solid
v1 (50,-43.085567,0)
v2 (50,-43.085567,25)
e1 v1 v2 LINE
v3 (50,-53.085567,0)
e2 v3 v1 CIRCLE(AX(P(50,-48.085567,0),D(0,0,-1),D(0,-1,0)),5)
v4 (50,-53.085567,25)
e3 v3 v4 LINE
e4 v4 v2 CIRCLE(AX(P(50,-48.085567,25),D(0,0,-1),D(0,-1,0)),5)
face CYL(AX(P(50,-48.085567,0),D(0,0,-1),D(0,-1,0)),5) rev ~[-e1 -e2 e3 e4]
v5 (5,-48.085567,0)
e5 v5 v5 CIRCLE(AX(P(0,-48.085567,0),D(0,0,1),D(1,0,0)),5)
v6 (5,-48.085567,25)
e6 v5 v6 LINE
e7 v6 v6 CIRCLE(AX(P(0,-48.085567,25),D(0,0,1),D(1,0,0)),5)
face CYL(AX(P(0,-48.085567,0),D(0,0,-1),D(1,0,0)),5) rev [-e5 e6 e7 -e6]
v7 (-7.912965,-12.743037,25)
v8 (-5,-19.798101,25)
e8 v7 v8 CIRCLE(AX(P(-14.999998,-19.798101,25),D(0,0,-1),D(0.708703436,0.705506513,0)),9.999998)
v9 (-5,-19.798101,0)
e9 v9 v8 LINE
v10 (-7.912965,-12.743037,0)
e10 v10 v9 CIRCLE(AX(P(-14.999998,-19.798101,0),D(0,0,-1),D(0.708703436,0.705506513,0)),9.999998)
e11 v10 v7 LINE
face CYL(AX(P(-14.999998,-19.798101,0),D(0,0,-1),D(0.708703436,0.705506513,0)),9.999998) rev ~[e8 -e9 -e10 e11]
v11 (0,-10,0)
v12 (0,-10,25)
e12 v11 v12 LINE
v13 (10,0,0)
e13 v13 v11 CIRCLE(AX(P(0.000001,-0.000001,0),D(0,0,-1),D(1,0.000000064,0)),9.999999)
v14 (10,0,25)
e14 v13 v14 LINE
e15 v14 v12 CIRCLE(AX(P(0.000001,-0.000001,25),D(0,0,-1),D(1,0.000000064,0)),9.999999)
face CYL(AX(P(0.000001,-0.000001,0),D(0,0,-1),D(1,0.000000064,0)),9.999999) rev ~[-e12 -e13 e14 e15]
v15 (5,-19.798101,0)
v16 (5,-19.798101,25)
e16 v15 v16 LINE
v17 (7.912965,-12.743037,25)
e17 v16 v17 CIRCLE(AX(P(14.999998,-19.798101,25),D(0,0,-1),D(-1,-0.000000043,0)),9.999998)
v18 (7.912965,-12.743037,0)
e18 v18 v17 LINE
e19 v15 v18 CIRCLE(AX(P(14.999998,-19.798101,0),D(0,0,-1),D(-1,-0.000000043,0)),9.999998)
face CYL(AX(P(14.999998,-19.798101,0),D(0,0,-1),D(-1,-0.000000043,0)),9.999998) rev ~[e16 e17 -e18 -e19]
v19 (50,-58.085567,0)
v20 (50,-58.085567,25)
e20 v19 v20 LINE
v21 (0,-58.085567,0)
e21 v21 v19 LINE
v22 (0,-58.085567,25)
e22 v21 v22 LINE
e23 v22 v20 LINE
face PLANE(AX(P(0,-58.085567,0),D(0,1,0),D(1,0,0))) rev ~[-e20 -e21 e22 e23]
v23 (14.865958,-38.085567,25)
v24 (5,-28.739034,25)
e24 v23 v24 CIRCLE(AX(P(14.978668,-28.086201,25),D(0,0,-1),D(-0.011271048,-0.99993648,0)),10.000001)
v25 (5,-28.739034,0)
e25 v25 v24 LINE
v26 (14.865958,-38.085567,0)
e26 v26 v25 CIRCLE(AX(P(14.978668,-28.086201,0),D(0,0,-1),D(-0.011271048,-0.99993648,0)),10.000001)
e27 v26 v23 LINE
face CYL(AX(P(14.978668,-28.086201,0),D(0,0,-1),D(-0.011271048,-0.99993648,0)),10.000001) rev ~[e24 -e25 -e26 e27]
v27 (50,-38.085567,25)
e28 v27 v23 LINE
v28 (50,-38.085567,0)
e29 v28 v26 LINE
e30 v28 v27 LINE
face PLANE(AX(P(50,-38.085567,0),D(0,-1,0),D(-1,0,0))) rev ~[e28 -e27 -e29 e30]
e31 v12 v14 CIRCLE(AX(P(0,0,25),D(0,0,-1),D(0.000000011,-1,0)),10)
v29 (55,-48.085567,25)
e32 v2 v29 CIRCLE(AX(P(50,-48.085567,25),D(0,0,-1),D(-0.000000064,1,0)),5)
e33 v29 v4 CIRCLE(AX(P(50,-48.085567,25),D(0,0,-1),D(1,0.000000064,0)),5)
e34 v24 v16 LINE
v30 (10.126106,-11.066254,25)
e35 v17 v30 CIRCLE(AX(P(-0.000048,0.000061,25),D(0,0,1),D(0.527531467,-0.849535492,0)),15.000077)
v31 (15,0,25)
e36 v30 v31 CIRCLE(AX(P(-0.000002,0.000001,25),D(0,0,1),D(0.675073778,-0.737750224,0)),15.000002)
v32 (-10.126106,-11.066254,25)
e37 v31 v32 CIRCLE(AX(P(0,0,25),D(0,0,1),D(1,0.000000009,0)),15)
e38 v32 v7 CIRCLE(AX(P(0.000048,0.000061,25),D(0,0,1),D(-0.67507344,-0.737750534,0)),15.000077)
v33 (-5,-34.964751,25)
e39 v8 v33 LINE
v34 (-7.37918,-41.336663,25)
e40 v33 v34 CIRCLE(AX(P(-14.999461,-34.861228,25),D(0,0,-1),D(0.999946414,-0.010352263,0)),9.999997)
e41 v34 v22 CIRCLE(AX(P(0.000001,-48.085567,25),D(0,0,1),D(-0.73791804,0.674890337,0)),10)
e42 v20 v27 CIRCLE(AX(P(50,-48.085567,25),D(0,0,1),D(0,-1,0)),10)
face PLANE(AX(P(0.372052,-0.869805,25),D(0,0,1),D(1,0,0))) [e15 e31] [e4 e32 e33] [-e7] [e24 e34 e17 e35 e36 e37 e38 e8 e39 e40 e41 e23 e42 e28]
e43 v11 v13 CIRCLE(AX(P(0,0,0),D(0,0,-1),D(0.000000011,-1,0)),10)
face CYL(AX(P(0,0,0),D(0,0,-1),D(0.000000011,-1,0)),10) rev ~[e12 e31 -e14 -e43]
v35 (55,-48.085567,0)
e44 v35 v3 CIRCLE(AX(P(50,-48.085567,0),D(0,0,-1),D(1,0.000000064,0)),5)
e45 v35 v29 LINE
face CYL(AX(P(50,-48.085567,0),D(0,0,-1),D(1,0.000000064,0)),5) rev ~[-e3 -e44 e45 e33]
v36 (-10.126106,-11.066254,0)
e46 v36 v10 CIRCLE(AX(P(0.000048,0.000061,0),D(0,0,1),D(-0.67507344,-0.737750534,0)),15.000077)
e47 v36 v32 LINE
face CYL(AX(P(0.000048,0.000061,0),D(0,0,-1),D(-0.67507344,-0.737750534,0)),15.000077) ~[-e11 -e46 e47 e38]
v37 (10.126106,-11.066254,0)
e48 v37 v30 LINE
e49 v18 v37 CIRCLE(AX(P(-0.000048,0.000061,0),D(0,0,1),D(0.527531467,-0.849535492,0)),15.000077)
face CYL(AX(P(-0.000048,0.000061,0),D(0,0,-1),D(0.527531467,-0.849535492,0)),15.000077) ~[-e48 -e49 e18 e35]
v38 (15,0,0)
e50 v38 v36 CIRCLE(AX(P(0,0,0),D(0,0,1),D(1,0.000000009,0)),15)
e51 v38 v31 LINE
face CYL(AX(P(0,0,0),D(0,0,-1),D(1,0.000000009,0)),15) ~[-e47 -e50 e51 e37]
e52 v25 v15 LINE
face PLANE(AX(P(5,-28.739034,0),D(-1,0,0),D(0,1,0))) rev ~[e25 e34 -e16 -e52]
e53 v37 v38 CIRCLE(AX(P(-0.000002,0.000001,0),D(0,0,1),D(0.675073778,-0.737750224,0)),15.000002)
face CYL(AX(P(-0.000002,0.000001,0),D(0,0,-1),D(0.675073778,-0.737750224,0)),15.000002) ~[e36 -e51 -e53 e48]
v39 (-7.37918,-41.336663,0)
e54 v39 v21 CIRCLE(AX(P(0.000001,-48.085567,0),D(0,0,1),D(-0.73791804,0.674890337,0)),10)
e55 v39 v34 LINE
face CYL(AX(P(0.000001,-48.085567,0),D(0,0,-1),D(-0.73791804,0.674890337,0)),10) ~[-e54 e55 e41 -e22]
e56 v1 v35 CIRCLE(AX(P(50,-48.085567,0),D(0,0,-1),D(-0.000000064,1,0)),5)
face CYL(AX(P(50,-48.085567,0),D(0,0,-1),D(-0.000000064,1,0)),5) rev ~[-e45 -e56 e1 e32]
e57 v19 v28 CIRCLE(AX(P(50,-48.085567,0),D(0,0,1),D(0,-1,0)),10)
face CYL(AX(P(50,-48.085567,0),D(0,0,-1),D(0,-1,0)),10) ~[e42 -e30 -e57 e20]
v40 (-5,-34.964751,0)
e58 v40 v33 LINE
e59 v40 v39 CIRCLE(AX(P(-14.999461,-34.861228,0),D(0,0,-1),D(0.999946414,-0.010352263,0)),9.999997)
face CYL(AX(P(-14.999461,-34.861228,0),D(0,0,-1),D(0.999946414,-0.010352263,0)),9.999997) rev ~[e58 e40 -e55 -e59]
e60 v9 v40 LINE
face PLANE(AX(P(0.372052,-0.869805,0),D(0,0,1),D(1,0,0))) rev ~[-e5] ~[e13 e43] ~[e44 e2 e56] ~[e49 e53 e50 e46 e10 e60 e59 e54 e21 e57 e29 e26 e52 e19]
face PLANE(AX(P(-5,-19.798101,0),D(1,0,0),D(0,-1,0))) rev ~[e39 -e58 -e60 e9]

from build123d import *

# Parameters (mm, degrees)
F0_R     = 5
F1_DEPTH = 25


with BuildPart() as f1:
    # F0 (on Top) → F1 (new body)
    with BuildSketch(Plane.XY):
        with BuildLine():
            ThreePointArc((-5, -14.142136), (-2.53653, -14.783978), (0, -15))
            ThreePointArc((0, -15), (2.53653, -14.783978), (5, -14.142136))
            ThreePointArc((5, -14.142136), (6.49427, -13.52126), (7.912965, -12.743037))
            ThreePointArc((7.912965, -12.743037), (8.961055, -11.827459), (10.126106, -11.066254))
            ThreePointArc((10.126106, -11.066254), (13.727556, -6.046007), (15, 0))
            ThreePointArc((15, 0), (-6.046007, 13.727556), (-10.126106, -11.066254))
            ThreePointArc((-10.126106, -11.066254), (-8.961055, -11.827459), (-7.912965, -12.743037))
            ThreePointArc((-7.912965, -12.743037), (-6.49427, -13.52126), (-5, -14.142136))
        make_face()
        with BuildLine():
            ThreePointArc((0, -10), (-7.071068, 7.071068), (10, 0))
            ThreePointArc((10, 0), (7.071068, -7.071068), (0, -10))
        make_face(mode=Mode.SUBTRACT)
        with BuildLine():
            ThreePointArc((5, -14.142136), (2.53653, -14.783978), (0, -15))
            ThreePointArc((0, -15), (-2.53653, -14.783978), (-5, -14.142136))
            Line((-5, -14.142136), (-5, -19.798101))
            Line((-5, -19.798101), (-5, -34.964751))
            Line((-5, -34.964751), (-5, -39.425313))
            ThreePointArc((-5, -39.425313), (-2.58819, -38.426308), (0, -38.085567))
            Line((0, -38.085567), (5, -38.085567))
            Line((5, -38.085567), (14.865958, -38.085567))
            ThreePointArc((14.865958, -38.085567), (8.101285, -35.345789), (5, -28.739034))
            ThreePointArc((5, -28.739034), (4.978668, -28.086202), (5, -27.433369))
            Line((5, -27.433369), (5, -19.798101))
            Line((5, -19.798101), (5, -14.142136))
        make_face()
        with BuildLine():
            Line((-5, -19.798101), (-5, -14.142136))
            ThreePointArc((-5, -14.142136), (-6.49427, -13.52126), (-7.912965, -12.743037))
            ThreePointArc((-7.912965, -12.743037), (-5.756885, -15.981712), (-5, -19.798101))
        make_face()
        with BuildLine():
            ThreePointArc((7.912965, -12.743037), (6.49427, -13.52126), (5, -14.142136))
            Line((5, -14.142136), (5, -19.798101))
            ThreePointArc((5, -19.798101), (5.756885, -15.981712), (7.912965, -12.743037))
        make_face()
        with BuildLine():
            ThreePointArc((-10.126106, -11.066254), (-9.058417, -11.955964), (-7.912965, -12.743037))
            ThreePointArc((-7.912965, -12.743037), (-8.961055, -11.827459), (-10.126106, -11.066254))
        make_face()
        with BuildLine():
            ThreePointArc((10.126106, -11.066254), (8.961055, -11.827459), (7.912965, -12.743037))
            ThreePointArc((7.912965, -12.743037), (9.058417, -11.955964), (10.126106, -11.066254))
        make_face()
        with BuildLine():
            Line((-5, -39.425313), (-5, -34.964751))
            ThreePointArc((-5, -34.964751), (-5.631209, -38.359198), (-7.37918, -41.336663))
            ThreePointArc((-7.37918, -41.336663), (-6.262934, -40.289692), (-5, -39.425313))
        make_face()
        with BuildLine():
            Line((5, -28.739034), (5, -27.433369))
            ThreePointArc((5, -27.433369), (4.978668, -28.086202), (5, -28.739034))
        make_face()
        with BuildLine():
            ThreePointArc((0, -38.085567), (-2.58819, -38.426308), (-5, -39.425313))
            ThreePointArc((-5, -39.425313), (-6.262934, -40.289692), (-7.37918, -41.336663))
            ThreePointArc((-7.37918, -41.336663), (-9.151203, -52.117375), (0, -58.085567))
            ThreePointArc((0, -58.085567), (2.58819, -57.744825), (5, -56.745821))
            Line((5, -56.745821), (5, -58.085567))
            Line((5, -58.085567), (50, -58.085567))
            Line((50, -58.085567), (50, -53.085567))
            ThreePointArc((50, -53.085567), (45, -48.085567), (50, -43.085567))
            Line((50, -43.085567), (50, -38.085567))
            Line((50, -38.085567), (15.091377, -38.085567))
            ThreePointArc((15.091377, -38.085567), (14.978668, -38.086202), (14.865958, -38.085567))
            Line((14.865958, -38.085567), (5, -38.085567))
            Line((5, -38.085567), (5, -39.425313))
            ThreePointArc((5, -39.425313), (2.58819, -38.426308), (0, -38.085567))
        make_face()
        with Locations((0, -48.085567)):
            Circle(F0_R, mode=Mode.SUBTRACT)
        with BuildLine():
            ThreePointArc((5, -56.745821), (2.58819, -57.744825), (0, -58.085567))
            Line((0, -58.085567), (5, -58.085567))
            Line((5, -58.085567), (5, -56.745821))
        make_face()
        with BuildLine():
            Line((15.091377, -38.085567), (14.865958, -38.085567))
            ThreePointArc((14.865958, -38.085567), (14.978668, -38.086202), (15.091377, -38.085567))
        make_face()
        with BuildLine():
            Line((50, -53.085567), (50, -58.085567))
            ThreePointArc((50, -58.085567), (60, -48.085567), (50, -38.085567))
            Line((50, -38.085567), (50, -43.085567))
            ThreePointArc((50, -43.085567), (53.535534, -44.550033), (55, -48.085567))
            ThreePointArc((55, -48.085567), (53.535534, -51.621101), (50, -53.085567))
        make_face()
        with BuildLine():
            Line((5, -38.085567), (0, -38.085567))
            ThreePointArc((0, -38.085567), (2.58819, -38.426308), (5, -39.425313))
            Line((5, -39.425313), (5, -38.085567))
        make_face()
    extrude(amount=F1_DEPTH)


solid = f1.part
